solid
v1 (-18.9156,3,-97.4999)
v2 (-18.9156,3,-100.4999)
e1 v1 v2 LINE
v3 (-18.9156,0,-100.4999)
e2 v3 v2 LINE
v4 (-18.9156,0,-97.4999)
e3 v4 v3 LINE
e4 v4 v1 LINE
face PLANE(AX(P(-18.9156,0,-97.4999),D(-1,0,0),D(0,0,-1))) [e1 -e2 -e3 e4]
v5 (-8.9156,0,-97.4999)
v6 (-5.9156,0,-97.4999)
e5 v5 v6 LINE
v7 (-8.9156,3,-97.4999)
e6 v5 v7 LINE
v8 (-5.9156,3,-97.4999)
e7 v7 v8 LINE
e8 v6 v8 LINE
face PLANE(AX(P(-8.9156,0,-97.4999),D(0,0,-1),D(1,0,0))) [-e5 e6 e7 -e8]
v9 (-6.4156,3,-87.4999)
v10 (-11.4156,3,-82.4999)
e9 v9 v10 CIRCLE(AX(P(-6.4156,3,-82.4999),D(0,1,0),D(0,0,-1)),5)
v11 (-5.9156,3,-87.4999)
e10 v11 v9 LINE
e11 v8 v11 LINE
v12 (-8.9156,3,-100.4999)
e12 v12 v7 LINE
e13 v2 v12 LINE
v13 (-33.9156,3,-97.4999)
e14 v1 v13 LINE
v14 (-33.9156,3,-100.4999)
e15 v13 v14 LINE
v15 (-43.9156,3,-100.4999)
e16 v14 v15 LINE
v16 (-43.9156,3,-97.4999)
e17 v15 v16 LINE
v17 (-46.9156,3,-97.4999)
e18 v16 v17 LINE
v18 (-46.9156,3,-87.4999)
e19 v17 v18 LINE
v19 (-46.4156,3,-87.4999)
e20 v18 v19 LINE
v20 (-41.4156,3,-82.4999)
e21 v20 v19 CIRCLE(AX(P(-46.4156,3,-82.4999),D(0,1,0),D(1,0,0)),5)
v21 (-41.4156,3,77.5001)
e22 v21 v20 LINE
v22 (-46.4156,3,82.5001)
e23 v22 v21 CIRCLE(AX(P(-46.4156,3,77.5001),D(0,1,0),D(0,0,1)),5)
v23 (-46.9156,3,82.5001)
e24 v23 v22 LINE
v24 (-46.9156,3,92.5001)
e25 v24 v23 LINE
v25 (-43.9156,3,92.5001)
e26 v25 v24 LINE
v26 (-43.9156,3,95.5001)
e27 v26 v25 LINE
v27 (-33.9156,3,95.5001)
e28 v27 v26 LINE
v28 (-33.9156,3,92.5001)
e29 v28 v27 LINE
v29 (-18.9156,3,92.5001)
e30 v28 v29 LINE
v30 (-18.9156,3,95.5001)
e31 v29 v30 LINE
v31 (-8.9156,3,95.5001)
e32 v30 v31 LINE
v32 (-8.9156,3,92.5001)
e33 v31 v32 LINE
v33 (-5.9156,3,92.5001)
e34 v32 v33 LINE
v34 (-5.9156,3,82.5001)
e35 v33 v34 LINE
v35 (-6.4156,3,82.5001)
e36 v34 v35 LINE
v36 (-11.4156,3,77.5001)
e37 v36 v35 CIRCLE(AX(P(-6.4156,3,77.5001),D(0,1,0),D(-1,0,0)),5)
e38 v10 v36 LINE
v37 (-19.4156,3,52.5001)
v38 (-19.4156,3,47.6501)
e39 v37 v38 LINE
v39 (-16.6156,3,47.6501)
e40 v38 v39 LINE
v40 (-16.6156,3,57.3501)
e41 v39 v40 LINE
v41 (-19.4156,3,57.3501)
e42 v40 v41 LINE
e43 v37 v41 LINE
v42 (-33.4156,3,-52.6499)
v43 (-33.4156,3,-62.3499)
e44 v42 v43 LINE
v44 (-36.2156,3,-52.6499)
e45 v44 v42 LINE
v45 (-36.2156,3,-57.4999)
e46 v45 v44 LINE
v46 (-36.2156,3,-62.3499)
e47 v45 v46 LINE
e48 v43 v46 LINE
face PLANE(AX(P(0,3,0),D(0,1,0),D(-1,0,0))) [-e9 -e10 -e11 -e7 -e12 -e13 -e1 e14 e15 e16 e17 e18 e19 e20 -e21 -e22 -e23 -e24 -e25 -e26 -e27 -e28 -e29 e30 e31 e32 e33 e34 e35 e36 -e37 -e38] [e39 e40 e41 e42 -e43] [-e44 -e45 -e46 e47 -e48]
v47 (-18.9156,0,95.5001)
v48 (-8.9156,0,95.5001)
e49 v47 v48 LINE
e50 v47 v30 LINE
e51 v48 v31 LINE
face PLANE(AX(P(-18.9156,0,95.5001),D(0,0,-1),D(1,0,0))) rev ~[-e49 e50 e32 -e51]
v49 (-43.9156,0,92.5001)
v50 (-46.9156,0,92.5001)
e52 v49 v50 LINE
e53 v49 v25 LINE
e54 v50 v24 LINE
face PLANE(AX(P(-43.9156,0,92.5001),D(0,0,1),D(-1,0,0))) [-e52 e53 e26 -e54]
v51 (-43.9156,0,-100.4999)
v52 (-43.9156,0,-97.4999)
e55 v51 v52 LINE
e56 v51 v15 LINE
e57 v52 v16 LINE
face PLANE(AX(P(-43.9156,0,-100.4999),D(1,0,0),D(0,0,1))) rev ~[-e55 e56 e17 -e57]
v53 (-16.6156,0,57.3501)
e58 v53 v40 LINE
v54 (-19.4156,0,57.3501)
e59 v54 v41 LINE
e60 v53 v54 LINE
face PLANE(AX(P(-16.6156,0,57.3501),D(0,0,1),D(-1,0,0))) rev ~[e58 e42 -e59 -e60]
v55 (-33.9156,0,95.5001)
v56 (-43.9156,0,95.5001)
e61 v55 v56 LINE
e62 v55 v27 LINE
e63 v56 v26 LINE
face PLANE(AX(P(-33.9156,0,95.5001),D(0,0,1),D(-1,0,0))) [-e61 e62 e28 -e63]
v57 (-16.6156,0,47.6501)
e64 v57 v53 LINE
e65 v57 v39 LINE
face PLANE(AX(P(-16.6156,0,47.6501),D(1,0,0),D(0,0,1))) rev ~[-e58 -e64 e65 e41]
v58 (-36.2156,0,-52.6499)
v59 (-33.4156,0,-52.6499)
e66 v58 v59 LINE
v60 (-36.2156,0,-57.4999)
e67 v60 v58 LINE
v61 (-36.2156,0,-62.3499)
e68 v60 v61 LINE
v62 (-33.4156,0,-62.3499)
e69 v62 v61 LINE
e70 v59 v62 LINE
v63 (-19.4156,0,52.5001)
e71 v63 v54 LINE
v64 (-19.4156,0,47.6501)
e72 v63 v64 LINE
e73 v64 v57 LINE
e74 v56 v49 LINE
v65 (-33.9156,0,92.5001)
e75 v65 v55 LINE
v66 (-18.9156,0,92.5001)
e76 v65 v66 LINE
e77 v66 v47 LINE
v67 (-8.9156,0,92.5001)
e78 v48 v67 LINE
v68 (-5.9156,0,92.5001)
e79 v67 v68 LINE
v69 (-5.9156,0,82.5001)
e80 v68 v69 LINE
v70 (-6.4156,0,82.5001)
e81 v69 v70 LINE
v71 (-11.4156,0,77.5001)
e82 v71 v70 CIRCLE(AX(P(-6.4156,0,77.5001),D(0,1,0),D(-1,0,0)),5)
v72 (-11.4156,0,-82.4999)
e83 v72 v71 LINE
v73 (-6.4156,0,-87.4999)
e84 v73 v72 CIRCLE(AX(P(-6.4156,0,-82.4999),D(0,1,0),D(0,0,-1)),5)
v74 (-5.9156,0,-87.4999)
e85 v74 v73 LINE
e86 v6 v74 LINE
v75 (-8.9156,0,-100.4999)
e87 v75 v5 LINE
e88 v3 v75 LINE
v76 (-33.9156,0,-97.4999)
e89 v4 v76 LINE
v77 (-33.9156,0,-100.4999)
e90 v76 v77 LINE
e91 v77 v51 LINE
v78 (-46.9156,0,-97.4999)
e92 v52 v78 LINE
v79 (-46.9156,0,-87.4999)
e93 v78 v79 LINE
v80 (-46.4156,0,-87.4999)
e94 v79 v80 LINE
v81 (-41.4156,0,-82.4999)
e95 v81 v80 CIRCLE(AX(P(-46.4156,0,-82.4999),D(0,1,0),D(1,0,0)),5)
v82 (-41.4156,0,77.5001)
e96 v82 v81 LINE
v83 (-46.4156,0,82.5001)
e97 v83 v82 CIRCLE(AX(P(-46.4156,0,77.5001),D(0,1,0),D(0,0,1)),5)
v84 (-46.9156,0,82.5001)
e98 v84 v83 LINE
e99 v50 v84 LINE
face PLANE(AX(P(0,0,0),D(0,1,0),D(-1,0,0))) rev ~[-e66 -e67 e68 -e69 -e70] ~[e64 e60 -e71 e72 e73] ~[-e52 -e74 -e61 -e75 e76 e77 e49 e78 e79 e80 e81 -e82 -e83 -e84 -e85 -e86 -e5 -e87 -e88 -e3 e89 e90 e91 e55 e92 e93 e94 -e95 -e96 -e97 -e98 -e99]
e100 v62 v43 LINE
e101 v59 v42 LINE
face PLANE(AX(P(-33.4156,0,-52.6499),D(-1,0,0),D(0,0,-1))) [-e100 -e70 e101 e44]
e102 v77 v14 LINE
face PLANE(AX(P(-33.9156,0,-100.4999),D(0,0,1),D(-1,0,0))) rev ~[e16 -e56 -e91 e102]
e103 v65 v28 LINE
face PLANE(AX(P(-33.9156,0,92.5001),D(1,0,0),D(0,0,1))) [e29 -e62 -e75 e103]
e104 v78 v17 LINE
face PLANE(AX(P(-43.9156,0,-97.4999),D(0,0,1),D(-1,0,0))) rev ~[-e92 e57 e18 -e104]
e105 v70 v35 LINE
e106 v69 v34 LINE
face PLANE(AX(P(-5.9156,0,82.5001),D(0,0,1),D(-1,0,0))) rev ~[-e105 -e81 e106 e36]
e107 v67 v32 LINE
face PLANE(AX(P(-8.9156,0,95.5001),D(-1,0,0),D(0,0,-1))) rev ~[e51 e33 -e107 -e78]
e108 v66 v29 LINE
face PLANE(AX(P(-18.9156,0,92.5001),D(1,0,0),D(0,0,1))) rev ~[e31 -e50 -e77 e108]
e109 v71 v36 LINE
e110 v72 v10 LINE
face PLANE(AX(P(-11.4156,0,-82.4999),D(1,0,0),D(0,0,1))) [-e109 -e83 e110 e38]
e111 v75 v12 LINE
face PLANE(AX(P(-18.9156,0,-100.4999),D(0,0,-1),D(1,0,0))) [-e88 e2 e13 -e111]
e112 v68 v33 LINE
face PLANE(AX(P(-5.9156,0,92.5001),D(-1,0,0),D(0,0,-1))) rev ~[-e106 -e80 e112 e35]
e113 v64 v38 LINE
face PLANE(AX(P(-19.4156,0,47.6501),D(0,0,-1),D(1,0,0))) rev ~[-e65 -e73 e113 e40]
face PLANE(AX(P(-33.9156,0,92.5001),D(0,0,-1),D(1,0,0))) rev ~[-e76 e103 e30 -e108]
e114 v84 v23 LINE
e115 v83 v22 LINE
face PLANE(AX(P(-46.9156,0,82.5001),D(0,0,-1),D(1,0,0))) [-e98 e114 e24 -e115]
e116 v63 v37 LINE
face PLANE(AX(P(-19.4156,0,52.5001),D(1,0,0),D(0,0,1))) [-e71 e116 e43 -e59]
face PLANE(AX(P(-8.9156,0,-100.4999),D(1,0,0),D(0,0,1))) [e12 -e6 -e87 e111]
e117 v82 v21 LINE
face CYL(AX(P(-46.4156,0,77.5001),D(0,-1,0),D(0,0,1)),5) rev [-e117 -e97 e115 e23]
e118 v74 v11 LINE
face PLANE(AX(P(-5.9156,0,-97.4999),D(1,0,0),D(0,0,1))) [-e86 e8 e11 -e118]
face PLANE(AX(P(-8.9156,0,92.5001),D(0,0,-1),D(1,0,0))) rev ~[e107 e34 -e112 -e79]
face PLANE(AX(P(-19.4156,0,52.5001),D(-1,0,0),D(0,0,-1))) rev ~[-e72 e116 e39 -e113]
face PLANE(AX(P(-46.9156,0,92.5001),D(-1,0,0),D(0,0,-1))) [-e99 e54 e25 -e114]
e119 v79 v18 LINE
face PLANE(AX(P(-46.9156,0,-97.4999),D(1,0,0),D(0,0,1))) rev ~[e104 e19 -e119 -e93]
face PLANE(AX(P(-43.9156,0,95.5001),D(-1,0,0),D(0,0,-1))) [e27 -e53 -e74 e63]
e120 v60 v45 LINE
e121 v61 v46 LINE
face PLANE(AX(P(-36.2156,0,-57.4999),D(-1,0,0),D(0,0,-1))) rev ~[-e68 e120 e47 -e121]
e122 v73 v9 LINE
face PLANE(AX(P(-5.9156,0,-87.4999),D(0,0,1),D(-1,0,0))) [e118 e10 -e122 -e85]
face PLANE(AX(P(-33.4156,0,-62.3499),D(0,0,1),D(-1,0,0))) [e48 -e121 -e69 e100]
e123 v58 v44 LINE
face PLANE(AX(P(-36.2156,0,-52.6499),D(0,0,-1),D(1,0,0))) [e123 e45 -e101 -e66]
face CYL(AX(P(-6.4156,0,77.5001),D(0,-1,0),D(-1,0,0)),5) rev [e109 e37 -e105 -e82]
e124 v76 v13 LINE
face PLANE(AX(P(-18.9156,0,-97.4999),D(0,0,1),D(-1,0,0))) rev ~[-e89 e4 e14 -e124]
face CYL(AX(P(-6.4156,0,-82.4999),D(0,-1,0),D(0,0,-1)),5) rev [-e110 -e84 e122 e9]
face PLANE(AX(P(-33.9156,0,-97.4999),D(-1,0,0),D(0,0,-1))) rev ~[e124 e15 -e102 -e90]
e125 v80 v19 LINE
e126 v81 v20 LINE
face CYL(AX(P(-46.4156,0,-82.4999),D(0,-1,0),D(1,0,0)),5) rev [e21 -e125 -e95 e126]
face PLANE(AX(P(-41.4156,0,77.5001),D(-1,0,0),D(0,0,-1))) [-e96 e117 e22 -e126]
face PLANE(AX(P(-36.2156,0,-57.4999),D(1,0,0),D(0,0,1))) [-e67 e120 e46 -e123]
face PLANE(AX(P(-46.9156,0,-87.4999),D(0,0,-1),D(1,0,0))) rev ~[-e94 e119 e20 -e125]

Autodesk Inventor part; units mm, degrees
ref_plane "YZ Plane" through (0, 0, 0) normal (1, 0, 0) x (0, 1, 0)
ref_plane "XZ Plane" through (0, 0, 0) normal (0, 1, 0) x (-1, 0, 0)
ref_plane "XY Plane" through (0, 0, 0) normal (0, 0, 1) x (1, 0, 0)
sketch "Sketch1" plane through (0, 0, 0) normal (0, 1, 0) x (-1, 0, 0)
  line L0 (11.4156, -82.4999) -> (11.4156, 77.5001)
  arc A0 (6.4156, -87.4999) -> (11.4156, -82.4999) centre (6.4156, -82.4999) ccw
  arc A1 (11.4156, 77.5001) -> (6.4156, 82.5001) centre (6.4156, 77.5001) ccw
  line L1 (41.4156, 77.5001) -> (41.4156, -82.4999)
  line L2 (33.9156, -97.4999) -> (33.9156, -100.4999)
  line L3 (33.9156, -100.4999) -> (43.9156, -100.4999)
  line L4 (43.9156, -100.4999) -> (43.9156, -97.4999)
  line L5 (18.9156, -97.4999) -> (18.9156, -100.4999)
  line L6 (18.9156, -100.4999) -> (8.9156, -100.4999)
  line L7 (8.9156, -100.4999) -> (8.9156, -97.4999)
  line L8 (18.9156, -97.4999) -> (33.9156, -97.4999)
  line L9 (8.9156, -97.4999) -> (5.9156, -97.4999)
  line L10 (5.9156, -97.4999) -> (5.9156, -87.4999)
  line L11 (5.9156, -87.4999) -> (6.4156, -87.4999)
  line L12 (43.9156, -97.4999) -> (46.9156, -97.4999)
  line L13 (46.9156, -97.4999) -> (46.9156, -87.4999)
  line L14 (46.9156, -87.4999) -> (46.4156, -87.4999)
  arc A2 (41.4156, -82.4999) -> (46.4156, -87.4999) centre (46.4156, -82.4999) ccw
  line L15 (18.9156, 92.5001) -> (18.9156, 95.5001)
  line L16 (18.9156, 95.5001) -> (8.9156, 95.5001)
  line L17 (8.9156, 95.5001) -> (8.9156, 92.5001)
  line L18 (33.9156, 92.5001) -> (33.9156, 95.5001)
  line L19 (33.9156, 95.5001) -> (43.9156, 95.5001)
  line L20 (43.9156, 95.5001) -> (43.9156, 92.5001)
  line L21 (33.9156, 92.5001) -> (18.9156, 92.5001)
  line L22 (43.9156, 92.5001) -> (46.9156, 92.5001)
  line L23 (46.9156, 92.5001) -> (46.9156, 82.5001)
  line L24 (46.9156, 82.5001) -> (46.4156, 82.5001)
  arc A3 (46.4156, 82.5001) -> (41.4156, 77.5001) centre (46.4156, 77.5001) ccw
  line L25 (8.9156, 92.5001) -> (5.9156, 92.5001)
  line L26 (5.9156, 92.5001) -> (5.9156, 82.5001)
  line L27 (5.9156, 82.5001) -> (6.4156, 82.5001)
  line L28 (33.4156, -52.6499) -> (33.4156, -62.3499)
  line L29 (33.4156, -62.3499) -> (36.2156, -62.3499)
  line L30 (36.2156, -57.4999) -> (36.2156, -52.6499)
  line L31 (36.2156, -52.6499) -> (33.4156, -52.6499)
  line L32 (36.2156, -57.4999) -> (36.2156, -62.3499)
  line L33 (16.6156, 47.6501) -> (16.6156, 57.3501)
  line L34 (16.6156, 57.3501) -> (19.4156, 57.3501)
  line L35 (19.4156, 52.5001) -> (19.4156, 47.6501)
  line L36 (19.4156, 47.6501) -> (16.6156, 47.6501)
  line L37 (19.4156, 52.5001) -> (19.4156, 57.3501)
extrude "Extrusion1" add sketch "Sketch1" along normal blind 3
properties part number "camRiser" material "Polycarbonate, Clear"
